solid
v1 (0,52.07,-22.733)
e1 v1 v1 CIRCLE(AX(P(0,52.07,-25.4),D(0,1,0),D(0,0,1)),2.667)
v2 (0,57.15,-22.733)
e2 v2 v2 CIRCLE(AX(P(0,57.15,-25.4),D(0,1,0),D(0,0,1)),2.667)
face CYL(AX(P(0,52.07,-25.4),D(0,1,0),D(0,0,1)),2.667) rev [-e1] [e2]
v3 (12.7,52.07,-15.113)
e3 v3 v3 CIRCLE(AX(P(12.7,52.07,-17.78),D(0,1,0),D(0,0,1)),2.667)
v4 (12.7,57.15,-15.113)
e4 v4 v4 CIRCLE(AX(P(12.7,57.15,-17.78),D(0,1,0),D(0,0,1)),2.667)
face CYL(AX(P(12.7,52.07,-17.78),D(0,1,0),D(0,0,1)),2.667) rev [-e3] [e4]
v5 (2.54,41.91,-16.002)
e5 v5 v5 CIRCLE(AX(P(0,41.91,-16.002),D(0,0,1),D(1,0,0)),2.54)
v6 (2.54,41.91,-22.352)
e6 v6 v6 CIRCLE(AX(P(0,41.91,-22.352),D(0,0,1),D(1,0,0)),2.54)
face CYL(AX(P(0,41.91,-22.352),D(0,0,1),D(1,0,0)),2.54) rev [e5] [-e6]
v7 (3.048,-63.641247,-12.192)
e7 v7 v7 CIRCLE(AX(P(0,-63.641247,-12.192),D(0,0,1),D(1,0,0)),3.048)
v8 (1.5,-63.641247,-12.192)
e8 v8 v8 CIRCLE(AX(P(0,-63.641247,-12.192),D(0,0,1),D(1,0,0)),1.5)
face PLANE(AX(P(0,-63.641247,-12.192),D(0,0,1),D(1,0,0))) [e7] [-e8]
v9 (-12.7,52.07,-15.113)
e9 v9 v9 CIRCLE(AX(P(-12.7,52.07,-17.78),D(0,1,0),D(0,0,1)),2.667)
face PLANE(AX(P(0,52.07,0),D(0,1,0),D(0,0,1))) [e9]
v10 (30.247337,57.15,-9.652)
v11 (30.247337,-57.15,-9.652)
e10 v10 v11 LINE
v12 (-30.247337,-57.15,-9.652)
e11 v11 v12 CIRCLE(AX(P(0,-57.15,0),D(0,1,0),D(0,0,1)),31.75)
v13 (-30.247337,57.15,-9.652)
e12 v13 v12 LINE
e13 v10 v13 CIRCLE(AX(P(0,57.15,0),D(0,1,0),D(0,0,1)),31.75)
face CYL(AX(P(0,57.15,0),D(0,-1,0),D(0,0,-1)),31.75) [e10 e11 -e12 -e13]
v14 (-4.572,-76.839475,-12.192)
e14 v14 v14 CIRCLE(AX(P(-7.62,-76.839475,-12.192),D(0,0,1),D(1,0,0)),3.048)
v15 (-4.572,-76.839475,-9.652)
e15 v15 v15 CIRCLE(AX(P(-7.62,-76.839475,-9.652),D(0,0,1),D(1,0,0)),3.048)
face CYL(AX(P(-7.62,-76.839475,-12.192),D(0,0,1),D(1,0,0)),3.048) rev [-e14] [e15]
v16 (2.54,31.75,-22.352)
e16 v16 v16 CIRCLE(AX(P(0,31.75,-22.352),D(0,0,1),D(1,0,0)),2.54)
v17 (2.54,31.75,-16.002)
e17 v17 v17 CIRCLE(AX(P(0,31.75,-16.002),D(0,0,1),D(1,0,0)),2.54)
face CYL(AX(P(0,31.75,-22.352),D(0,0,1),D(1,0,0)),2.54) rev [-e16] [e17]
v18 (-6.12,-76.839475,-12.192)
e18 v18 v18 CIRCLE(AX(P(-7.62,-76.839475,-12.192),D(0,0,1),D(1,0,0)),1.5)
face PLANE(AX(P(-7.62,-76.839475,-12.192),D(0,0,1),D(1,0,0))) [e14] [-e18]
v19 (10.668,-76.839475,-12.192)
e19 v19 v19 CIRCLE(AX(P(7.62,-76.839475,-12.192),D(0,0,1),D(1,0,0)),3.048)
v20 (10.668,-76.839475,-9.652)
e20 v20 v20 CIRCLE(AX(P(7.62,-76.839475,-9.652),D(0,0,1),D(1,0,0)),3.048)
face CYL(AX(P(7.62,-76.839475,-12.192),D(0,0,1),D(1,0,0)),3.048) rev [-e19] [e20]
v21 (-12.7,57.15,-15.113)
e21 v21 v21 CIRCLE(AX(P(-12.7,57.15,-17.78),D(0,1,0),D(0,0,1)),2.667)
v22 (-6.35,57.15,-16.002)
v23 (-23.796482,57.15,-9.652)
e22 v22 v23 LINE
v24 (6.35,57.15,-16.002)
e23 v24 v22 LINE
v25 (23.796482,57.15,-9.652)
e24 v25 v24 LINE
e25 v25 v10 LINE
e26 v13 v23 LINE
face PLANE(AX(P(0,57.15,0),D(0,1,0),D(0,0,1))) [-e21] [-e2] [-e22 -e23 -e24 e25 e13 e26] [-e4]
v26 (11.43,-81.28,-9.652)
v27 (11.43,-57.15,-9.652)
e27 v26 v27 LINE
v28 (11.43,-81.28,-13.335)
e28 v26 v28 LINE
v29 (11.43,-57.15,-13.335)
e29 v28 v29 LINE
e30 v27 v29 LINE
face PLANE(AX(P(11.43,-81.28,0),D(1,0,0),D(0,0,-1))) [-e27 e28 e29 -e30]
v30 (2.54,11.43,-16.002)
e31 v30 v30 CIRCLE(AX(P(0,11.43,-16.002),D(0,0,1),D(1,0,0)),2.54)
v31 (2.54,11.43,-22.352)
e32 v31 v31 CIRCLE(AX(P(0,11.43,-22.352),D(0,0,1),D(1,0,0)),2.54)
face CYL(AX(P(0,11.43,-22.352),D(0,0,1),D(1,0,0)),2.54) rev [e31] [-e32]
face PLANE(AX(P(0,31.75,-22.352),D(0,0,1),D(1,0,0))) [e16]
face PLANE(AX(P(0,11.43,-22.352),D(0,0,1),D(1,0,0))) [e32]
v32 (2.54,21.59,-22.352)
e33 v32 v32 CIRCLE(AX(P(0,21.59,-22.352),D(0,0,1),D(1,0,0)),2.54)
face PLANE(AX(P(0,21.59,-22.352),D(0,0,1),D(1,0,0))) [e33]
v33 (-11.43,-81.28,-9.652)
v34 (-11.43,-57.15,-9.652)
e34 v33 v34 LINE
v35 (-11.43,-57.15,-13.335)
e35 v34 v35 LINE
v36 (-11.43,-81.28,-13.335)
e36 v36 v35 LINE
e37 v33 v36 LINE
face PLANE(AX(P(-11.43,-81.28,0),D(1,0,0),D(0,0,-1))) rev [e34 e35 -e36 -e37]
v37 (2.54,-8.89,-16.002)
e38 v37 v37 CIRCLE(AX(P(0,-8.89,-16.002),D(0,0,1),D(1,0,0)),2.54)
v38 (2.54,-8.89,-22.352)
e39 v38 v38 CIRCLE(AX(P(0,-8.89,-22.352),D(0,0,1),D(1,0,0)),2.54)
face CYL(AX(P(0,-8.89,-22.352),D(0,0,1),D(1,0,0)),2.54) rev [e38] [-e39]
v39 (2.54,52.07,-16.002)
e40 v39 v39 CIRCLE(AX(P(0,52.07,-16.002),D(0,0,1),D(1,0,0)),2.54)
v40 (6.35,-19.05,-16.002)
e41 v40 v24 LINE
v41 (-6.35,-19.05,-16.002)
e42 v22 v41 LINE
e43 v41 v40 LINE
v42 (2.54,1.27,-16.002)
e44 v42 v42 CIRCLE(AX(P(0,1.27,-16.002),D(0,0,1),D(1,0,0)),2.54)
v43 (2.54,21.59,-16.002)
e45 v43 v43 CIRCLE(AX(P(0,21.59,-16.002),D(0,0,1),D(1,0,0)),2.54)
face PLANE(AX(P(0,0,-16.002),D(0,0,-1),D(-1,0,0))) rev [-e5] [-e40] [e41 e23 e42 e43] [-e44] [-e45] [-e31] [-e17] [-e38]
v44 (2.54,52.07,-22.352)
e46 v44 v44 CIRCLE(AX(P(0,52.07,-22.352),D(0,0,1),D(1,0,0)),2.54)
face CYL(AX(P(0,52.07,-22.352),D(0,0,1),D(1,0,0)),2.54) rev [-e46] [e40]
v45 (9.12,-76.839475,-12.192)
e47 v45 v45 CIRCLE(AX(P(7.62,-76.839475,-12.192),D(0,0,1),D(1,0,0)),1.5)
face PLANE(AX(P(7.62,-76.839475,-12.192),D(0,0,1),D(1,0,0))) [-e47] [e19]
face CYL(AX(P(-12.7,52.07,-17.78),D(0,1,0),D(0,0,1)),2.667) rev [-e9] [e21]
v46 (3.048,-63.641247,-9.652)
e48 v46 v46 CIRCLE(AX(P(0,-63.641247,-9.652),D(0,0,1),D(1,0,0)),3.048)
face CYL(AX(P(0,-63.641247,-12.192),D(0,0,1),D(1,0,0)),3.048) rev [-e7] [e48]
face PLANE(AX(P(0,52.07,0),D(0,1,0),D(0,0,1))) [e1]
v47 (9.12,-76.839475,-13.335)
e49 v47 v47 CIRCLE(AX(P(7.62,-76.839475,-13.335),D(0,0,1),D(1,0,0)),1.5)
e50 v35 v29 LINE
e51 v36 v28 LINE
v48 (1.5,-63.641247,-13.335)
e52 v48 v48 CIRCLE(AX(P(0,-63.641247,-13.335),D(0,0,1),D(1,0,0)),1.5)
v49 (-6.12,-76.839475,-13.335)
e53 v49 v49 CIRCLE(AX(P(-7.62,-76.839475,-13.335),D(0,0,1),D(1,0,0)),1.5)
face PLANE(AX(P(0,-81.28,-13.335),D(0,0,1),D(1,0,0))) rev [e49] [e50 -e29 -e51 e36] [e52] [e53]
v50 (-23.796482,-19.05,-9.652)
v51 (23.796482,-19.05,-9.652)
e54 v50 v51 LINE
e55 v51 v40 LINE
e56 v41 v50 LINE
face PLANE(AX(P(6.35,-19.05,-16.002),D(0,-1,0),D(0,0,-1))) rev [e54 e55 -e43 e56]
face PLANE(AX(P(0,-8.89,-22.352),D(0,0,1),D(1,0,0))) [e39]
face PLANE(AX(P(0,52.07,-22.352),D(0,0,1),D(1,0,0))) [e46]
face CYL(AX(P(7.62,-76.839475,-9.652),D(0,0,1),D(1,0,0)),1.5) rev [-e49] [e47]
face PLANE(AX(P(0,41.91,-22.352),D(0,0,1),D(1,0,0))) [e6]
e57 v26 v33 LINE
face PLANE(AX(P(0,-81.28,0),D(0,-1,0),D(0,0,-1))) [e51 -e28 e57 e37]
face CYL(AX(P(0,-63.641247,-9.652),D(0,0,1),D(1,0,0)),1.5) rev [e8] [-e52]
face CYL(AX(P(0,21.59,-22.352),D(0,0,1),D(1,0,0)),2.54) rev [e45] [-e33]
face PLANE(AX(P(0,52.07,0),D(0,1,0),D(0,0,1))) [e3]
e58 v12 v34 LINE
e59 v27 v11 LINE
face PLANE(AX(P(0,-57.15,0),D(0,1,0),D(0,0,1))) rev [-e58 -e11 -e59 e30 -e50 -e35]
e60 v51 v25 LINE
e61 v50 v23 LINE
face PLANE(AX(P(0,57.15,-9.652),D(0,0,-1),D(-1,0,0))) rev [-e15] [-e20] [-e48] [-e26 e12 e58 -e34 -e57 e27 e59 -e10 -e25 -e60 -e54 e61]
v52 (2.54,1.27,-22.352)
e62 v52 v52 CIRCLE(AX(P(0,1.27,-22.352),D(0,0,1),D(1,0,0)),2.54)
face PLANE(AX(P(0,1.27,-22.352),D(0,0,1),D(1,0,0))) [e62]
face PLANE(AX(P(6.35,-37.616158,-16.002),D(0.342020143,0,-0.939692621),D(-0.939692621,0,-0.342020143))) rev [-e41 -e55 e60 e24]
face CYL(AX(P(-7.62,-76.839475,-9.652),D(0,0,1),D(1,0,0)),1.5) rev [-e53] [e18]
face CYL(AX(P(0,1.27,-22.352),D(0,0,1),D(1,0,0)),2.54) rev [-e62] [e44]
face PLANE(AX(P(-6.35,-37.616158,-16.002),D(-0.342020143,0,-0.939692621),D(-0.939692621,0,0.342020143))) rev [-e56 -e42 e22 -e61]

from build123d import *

# Parameters (mm, degrees)
BOSS_EXTRUDE1_DEPTH   = 57.15
SKETCH2_W             = 22.86
SKETCH2_H             = 3.683
BOSS_EXTRUDE2_DEPTH   = 24.13
SKETCH3_R             = 3.048
CUT_EXTRUDE1_DEPTH    = 2.54
F_3_0MM_DOWEL_HOLE1_D = 3
SKETCH6_W             = 12.7
SKETCH6_H             = 76.2
CUT_EXTRUDE2_DEPTH    = 6.35
CUT_EXTRUDE3_DEPTH    = 5.08
SKETCH7_R             = 2.54
CUT_EXTRUDE4_DEPTH    = 6.35
CUT_EXTRUDE5_DEPTH    = 76.2


with BuildPart() as part:
    # Sketch1 → Boss-Extrude1 (new body, symmetric)
    with BuildSketch(Plane(origin=(0, 0, 0), x_dir=(1, 0, 0), z_dir=(0, 1, 0))):
        with BuildLine():
            ThreePointArc((30.247337007, 9.652), (0, 31.75), (-30.247337007, 9.652))
            Line((-30.247337007, 9.652), (30.247337007, 9.652))
        make_face()
    extrude(amount=BOSS_EXTRUDE1_DEPTH, both=True)

    # Sketch2 → Boss-Extrude2 (add)
    with BuildSketch(Plane.XZ.offset(57.15)):
        with Locations((0, -11.4935)):
            Rectangle(SKETCH2_W, SKETCH2_H)
    extrude(amount=BOSS_EXTRUDE2_DEPTH)

    # Sketch3 → Cut-Extrude1 (cut)
    with BuildSketch(Plane.XY.offset(-9.652)):
        with Locations((0, -63.641247378)):
            Circle(SKETCH3_R)
        with Locations((-7.62, -76.839474532)):
            Circle(SKETCH3_R)
        with Locations((7.62, -76.839474532)):
            Circle(SKETCH3_R)
    extrude(amount=-CUT_EXTRUDE1_DEPTH, mode=Mode.SUBTRACT)

    # Ø3.0mm Dowel Hole1 (through all)
    with Locations(Plane.XY.offset(-9.652)):
        with Locations((0, -63.641247378), (7.62, -76.839474532), (-7.62, -76.839474532)):
            Hole(F_3_0MM_DOWEL_HOLE1_D / 2)

    # Sketch6 → Cut-Extrude2 (cut)
    with BuildSketch(Plane.XY.offset(-9.652)):
        with Locations((0, 19.05)):
            Rectangle(SKETCH6_W, SKETCH6_H)
    extrude(amount=-CUT_EXTRUDE2_DEPTH, mode=Mode.SUBTRACT)

    # Sketch8 → Cut-Extrude3 (cut)
    with BuildSketch(Plane(origin=(0, 57.15, 0), x_dir=(1, 0, 0), z_dir=(0, 1, 0))):
        with BuildLine():
            Line((2.286933633, 24.02783982), (0, 25.4))
            Line((0, 25.4), (-2.286933633, 24.02783982))
            ThreePointArc((-2.286933633, 24.02783982), (0, 22.733), (2.286933633, 24.02783982))
        make_face()
        with BuildLine():
            Line((-2.286933633, 24.02783982), (0, 25.4))
            Line((0, 25.4), (2.286933633, 24.02783982))
            ThreePointArc((2.286933633, 24.02783982), (2.570227714, 24.688088137), (2.667, 25.4))
            ThreePointArc((2.667, 25.4), (-0.711911863, 27.970227714), (-2.286933633, 24.02783982))
        make_face()
        with BuildLine():
            ThreePointArc((-10.033, 17.78), (-10.129772286, 18.491911863), (-10.413066367, 19.15216018))
            Line((-10.413066367, 19.15216018), (-12.7, 17.78))
            Line((-12.7, 17.78), (-10.033, 17.78))
        make_face()
        with BuildLine():
            Line((-12.7, 17.78), (-10.413066367, 19.15216018))
            ThreePointArc((-10.413066367, 19.15216018), (-15.270227714, 17.068088137), (-10.033, 17.78))
            Line((-10.033, 17.78), (-12.7, 17.78))
        make_face()
        with BuildLine():
            ThreePointArc((15.367, 17.78), (13.411911863, 20.350227714), (10.413066367, 19.15216018))
            Line((10.413066367, 19.15216018), (12.7, 17.78))
            Line((12.7, 17.78), (10.033, 17.78))
            ThreePointArc((10.033, 17.78), (12.7, 15.113), (15.367, 17.78))
        make_face()
        with BuildLine():
            Line((12.7, 17.78), (10.413066367, 19.15216018))
            ThreePointArc((10.413066367, 19.15216018), (10.129772286, 18.491911863), (10.033, 17.78))
            Line((10.033, 17.78), (12.7, 17.78))
        make_face()
    extrude(amount=-CUT_EXTRUDE3_DEPTH, mode=Mode.SUBTRACT)

    # Sketch7 → Cut-Extrude4 (cut)
    with BuildSketch(Plane.XY.offset(-16.002)):
        with Locations((0, 52.07)):
            Circle(SKETCH7_R)
        with Locations((0, 41.91)):
            Circle(SKETCH7_R)
        with Locations((0, 31.75)):
            Circle(SKETCH7_R)
        with Locations((0, 21.59)):
            Circle(SKETCH7_R)
        with Locations((0, 11.43)):
            Circle(SKETCH7_R)
        with Locations((0, 1.27)):
            Circle(SKETCH7_R)
        with Locations((0, -8.89)):
            Circle(SKETCH7_R)
    extrude(amount=-CUT_EXTRUDE4_DEPTH, mode=Mode.SUBTRACT)

    # Sketch9 → Cut-Extrude5 (cut)
    with BuildSketch(Plane(origin=(0, 57.15, 0), x_dir=(1, 0, 0), z_dir=(0, 1, 0))):
        Polygon((6.35, 16.002), (23.796481614, 9.652), (6.35, 9.652), align=None)
        Polygon((-6.35, 16.002), (-23.796481614, 9.652), (-6.35, 9.652), align=None)
    extrude(amount=-CUT_EXTRUDE5_DEPTH, mode=Mode.SUBTRACT)


solid = part.part
